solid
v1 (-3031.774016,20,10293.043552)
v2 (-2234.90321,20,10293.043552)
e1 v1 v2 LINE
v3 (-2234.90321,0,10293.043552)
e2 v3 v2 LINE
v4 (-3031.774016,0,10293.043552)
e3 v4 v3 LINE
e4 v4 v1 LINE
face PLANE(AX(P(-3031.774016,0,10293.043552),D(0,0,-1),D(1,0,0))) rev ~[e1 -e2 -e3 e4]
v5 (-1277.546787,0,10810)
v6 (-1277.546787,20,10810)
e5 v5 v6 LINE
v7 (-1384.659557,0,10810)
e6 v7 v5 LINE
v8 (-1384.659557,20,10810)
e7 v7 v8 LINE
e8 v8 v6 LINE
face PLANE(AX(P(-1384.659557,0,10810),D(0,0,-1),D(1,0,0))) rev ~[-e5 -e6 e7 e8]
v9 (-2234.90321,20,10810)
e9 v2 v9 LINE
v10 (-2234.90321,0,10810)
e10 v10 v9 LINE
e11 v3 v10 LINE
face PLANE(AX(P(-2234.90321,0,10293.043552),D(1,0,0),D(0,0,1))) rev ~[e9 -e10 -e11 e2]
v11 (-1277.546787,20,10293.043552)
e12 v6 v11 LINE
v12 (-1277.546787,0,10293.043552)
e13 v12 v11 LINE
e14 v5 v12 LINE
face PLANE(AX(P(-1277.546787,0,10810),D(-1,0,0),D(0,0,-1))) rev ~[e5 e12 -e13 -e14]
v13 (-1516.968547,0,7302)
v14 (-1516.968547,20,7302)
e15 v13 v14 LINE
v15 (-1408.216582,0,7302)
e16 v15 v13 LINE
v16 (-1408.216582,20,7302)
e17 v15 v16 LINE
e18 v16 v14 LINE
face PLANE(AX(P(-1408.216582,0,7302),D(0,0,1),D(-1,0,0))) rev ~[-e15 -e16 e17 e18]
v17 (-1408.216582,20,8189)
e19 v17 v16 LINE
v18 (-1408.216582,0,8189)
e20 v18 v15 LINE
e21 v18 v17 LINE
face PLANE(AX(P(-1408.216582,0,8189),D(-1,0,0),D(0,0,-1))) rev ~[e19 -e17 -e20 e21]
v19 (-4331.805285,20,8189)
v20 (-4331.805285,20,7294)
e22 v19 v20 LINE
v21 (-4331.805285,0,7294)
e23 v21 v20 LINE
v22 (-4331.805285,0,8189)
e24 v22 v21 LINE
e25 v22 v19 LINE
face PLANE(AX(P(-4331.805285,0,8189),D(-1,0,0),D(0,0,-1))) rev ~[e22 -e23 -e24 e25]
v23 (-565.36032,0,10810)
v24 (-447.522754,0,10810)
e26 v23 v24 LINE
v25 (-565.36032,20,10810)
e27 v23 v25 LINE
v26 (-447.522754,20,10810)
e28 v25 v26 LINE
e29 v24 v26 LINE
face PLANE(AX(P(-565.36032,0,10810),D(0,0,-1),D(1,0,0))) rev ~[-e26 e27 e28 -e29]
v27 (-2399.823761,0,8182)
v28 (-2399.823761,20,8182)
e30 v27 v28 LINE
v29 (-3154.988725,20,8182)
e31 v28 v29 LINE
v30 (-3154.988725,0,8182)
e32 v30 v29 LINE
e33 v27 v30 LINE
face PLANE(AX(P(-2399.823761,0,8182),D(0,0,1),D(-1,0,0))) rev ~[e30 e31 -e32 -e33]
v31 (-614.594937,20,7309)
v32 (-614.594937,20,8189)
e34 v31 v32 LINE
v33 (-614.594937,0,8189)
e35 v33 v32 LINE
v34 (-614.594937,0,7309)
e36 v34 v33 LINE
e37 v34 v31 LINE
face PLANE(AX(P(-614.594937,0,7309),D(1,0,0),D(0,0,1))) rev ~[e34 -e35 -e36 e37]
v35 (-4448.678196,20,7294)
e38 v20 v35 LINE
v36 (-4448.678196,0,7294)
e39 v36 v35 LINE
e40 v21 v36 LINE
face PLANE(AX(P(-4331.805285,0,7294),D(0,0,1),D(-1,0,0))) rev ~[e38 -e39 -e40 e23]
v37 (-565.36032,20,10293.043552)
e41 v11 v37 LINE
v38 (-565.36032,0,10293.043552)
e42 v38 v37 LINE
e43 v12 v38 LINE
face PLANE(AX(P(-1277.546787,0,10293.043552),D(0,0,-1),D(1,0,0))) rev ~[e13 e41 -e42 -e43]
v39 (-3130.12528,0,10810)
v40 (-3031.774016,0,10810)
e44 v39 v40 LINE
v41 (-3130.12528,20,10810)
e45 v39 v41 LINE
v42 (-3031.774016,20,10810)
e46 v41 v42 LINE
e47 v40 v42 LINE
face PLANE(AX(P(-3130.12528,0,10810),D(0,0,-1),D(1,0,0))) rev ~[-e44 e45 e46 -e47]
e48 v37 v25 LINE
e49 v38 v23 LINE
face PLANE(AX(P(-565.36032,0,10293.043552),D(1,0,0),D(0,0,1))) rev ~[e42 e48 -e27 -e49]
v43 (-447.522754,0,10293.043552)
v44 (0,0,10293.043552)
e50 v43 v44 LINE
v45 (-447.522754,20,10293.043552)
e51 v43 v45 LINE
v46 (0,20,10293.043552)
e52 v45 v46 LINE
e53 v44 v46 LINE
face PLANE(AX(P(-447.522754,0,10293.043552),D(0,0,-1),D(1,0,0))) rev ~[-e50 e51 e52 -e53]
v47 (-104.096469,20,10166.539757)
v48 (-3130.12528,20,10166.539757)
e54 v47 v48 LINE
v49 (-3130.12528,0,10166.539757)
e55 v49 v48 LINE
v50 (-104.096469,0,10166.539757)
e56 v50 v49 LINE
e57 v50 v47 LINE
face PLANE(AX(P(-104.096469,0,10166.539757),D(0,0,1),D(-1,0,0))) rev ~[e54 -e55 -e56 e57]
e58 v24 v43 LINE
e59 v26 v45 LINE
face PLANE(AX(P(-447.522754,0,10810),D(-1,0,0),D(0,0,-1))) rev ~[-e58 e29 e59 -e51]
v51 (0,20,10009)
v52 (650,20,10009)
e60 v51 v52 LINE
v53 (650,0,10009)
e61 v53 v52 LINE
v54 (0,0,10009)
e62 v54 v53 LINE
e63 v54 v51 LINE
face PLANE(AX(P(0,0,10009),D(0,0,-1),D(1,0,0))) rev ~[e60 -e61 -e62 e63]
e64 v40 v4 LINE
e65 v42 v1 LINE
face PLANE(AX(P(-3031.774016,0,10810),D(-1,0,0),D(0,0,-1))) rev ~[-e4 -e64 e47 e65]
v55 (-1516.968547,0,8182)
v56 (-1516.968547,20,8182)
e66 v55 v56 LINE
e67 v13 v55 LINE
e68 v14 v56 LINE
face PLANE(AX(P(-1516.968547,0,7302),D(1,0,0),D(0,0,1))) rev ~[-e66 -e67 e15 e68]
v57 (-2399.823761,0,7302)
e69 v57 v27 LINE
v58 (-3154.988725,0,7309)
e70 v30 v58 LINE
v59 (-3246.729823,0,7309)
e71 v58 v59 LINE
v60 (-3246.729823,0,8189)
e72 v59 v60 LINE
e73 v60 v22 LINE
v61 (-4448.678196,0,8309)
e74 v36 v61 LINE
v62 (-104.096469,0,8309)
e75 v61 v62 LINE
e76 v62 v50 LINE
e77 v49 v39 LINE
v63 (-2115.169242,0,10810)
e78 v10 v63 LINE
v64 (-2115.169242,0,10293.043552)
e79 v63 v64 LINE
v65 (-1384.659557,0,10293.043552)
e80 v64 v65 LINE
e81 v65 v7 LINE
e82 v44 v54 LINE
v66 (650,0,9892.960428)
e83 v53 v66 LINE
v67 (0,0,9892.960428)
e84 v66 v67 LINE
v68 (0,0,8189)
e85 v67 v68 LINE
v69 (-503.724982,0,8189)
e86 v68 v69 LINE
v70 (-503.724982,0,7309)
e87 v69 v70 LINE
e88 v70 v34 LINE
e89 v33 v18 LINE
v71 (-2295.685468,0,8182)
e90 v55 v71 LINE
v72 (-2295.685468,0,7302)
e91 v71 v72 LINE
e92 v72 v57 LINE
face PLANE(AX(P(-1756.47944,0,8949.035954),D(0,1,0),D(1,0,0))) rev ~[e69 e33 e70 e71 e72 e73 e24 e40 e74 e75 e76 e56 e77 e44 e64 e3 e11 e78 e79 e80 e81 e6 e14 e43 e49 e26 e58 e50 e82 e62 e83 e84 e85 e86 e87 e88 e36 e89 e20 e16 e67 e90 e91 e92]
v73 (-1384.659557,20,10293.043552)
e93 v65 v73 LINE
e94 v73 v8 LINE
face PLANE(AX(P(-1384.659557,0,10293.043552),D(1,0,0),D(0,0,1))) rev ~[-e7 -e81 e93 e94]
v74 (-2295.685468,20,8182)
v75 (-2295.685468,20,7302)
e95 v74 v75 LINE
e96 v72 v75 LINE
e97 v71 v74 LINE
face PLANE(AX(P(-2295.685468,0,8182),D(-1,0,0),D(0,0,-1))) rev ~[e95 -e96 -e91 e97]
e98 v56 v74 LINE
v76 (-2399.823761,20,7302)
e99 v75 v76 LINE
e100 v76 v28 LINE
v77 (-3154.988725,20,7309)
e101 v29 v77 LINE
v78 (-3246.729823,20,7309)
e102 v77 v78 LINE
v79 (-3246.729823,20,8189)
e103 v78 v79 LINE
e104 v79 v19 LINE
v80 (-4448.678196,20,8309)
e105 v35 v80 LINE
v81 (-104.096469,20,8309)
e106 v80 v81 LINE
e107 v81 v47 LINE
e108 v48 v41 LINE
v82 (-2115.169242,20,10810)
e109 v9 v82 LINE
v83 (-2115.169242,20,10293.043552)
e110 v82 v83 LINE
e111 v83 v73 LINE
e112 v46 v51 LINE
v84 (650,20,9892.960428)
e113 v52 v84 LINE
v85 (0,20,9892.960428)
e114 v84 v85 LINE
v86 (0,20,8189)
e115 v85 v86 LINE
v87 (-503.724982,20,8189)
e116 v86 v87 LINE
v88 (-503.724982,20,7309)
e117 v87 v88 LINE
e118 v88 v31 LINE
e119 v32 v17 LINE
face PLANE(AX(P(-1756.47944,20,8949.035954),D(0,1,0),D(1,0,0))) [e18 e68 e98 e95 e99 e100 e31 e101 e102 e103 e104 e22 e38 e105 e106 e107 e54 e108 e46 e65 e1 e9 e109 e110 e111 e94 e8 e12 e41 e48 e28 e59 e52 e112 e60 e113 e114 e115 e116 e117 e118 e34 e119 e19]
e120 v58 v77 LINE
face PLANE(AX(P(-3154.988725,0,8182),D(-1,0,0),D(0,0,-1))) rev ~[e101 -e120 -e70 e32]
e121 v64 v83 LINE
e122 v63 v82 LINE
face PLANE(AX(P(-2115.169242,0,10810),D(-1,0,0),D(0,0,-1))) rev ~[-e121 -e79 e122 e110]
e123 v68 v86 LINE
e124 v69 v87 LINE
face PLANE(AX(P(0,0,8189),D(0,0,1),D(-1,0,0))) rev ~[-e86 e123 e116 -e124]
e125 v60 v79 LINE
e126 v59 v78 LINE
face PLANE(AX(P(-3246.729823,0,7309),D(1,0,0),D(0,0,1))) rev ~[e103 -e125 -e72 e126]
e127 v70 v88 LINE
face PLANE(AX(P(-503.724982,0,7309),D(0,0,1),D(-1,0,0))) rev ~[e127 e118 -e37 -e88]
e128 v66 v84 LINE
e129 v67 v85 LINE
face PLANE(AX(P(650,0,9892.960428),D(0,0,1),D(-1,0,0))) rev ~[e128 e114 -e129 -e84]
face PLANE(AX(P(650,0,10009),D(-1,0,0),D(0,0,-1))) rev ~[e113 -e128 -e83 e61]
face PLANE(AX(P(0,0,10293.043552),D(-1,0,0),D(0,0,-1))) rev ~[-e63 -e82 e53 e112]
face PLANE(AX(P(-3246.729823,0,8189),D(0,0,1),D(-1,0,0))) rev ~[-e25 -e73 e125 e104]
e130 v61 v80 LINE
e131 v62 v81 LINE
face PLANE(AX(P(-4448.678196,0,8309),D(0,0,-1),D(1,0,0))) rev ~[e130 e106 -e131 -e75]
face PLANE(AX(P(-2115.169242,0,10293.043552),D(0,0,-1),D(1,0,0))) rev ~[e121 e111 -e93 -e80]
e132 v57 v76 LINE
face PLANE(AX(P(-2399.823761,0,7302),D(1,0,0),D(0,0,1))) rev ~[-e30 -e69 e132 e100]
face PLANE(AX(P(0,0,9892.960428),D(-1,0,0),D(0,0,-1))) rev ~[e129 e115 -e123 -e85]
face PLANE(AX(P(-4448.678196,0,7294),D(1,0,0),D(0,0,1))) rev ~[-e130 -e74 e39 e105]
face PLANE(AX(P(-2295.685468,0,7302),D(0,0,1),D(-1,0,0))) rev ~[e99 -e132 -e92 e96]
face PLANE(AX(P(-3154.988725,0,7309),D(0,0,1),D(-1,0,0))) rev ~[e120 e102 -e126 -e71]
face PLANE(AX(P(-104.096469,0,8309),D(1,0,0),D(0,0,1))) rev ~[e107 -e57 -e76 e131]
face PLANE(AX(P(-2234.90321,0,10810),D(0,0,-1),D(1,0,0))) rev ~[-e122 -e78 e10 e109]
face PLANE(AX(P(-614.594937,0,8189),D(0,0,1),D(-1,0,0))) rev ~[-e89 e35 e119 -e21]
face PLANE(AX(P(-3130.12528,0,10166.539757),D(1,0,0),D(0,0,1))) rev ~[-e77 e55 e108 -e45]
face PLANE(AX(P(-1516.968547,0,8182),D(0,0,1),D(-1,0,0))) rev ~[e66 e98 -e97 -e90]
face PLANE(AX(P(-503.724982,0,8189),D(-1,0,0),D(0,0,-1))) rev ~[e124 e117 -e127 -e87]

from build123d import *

# Parameters (mm, degrees)
SALIENTE_EXTRUIR1_DEPTH = 20


with BuildPart() as part:
    # Croquis1 → Saliente-Extruir1 (new body)
    with BuildSketch(Plane(origin=(0, 0, 0), x_dir=(1, 0, 0), z_dir=(0, 1, 0))):
        Polygon((-4448.678195779, -7294), (-4448.678195779, -8309), (-503.724981637, -8309), (-104.09646946, -8309), (-104.09646946, -10009), (-104.09646946, -10166.539756835), (-3130.125280174, -10166.539756835), (-3130.125280174, -10810), (-3031.77401608, -10810), (-3031.77401608, -10293.043552141), (-2234.903210462, -10293.043552141), (-2234.903210462, -10810), (-2115.169242354, -10810), (-2115.169242354, -10293.043552141), (-1384.659557399, -10293.043552141), (-1384.659557399, -10810), (-1277.546786748, -10810), (-1277.546786748, -10293.043552141), (-565.360320281, -10293.043552141), (-565.360320281, -10810), (-447.522754169, -10810), (-447.522754169, -10293.043552141), (0, -10293.043552141), (0, -10009), (650, -10009), (650, -9892.960428294), (0, -9892.960428294), (0, -8189), (-503.724981637, -8189), (-503.724981637, -7309), (-614.594937337, -7309), (-614.594937337, -8189), (-1408.216581964, -8189), (-1408.216581964, -7302), (-1516.96854741, -7302), (-1516.96854741, -8182), (-2295.685468291, -8182), (-2295.685468291, -7302), (-2399.823761144, -7302), (-2399.823761144, -8182), (-3154.988725165, -8182), (-3154.988725165, -7309), (-3246.729822708, -7309), (-3246.729822708, -8189), (-4331.805284711, -8189), (-4331.805284711, -7294), align=None)
    extrude(amount=SALIENTE_EXTRUIR1_DEPTH)


solid = part.part
